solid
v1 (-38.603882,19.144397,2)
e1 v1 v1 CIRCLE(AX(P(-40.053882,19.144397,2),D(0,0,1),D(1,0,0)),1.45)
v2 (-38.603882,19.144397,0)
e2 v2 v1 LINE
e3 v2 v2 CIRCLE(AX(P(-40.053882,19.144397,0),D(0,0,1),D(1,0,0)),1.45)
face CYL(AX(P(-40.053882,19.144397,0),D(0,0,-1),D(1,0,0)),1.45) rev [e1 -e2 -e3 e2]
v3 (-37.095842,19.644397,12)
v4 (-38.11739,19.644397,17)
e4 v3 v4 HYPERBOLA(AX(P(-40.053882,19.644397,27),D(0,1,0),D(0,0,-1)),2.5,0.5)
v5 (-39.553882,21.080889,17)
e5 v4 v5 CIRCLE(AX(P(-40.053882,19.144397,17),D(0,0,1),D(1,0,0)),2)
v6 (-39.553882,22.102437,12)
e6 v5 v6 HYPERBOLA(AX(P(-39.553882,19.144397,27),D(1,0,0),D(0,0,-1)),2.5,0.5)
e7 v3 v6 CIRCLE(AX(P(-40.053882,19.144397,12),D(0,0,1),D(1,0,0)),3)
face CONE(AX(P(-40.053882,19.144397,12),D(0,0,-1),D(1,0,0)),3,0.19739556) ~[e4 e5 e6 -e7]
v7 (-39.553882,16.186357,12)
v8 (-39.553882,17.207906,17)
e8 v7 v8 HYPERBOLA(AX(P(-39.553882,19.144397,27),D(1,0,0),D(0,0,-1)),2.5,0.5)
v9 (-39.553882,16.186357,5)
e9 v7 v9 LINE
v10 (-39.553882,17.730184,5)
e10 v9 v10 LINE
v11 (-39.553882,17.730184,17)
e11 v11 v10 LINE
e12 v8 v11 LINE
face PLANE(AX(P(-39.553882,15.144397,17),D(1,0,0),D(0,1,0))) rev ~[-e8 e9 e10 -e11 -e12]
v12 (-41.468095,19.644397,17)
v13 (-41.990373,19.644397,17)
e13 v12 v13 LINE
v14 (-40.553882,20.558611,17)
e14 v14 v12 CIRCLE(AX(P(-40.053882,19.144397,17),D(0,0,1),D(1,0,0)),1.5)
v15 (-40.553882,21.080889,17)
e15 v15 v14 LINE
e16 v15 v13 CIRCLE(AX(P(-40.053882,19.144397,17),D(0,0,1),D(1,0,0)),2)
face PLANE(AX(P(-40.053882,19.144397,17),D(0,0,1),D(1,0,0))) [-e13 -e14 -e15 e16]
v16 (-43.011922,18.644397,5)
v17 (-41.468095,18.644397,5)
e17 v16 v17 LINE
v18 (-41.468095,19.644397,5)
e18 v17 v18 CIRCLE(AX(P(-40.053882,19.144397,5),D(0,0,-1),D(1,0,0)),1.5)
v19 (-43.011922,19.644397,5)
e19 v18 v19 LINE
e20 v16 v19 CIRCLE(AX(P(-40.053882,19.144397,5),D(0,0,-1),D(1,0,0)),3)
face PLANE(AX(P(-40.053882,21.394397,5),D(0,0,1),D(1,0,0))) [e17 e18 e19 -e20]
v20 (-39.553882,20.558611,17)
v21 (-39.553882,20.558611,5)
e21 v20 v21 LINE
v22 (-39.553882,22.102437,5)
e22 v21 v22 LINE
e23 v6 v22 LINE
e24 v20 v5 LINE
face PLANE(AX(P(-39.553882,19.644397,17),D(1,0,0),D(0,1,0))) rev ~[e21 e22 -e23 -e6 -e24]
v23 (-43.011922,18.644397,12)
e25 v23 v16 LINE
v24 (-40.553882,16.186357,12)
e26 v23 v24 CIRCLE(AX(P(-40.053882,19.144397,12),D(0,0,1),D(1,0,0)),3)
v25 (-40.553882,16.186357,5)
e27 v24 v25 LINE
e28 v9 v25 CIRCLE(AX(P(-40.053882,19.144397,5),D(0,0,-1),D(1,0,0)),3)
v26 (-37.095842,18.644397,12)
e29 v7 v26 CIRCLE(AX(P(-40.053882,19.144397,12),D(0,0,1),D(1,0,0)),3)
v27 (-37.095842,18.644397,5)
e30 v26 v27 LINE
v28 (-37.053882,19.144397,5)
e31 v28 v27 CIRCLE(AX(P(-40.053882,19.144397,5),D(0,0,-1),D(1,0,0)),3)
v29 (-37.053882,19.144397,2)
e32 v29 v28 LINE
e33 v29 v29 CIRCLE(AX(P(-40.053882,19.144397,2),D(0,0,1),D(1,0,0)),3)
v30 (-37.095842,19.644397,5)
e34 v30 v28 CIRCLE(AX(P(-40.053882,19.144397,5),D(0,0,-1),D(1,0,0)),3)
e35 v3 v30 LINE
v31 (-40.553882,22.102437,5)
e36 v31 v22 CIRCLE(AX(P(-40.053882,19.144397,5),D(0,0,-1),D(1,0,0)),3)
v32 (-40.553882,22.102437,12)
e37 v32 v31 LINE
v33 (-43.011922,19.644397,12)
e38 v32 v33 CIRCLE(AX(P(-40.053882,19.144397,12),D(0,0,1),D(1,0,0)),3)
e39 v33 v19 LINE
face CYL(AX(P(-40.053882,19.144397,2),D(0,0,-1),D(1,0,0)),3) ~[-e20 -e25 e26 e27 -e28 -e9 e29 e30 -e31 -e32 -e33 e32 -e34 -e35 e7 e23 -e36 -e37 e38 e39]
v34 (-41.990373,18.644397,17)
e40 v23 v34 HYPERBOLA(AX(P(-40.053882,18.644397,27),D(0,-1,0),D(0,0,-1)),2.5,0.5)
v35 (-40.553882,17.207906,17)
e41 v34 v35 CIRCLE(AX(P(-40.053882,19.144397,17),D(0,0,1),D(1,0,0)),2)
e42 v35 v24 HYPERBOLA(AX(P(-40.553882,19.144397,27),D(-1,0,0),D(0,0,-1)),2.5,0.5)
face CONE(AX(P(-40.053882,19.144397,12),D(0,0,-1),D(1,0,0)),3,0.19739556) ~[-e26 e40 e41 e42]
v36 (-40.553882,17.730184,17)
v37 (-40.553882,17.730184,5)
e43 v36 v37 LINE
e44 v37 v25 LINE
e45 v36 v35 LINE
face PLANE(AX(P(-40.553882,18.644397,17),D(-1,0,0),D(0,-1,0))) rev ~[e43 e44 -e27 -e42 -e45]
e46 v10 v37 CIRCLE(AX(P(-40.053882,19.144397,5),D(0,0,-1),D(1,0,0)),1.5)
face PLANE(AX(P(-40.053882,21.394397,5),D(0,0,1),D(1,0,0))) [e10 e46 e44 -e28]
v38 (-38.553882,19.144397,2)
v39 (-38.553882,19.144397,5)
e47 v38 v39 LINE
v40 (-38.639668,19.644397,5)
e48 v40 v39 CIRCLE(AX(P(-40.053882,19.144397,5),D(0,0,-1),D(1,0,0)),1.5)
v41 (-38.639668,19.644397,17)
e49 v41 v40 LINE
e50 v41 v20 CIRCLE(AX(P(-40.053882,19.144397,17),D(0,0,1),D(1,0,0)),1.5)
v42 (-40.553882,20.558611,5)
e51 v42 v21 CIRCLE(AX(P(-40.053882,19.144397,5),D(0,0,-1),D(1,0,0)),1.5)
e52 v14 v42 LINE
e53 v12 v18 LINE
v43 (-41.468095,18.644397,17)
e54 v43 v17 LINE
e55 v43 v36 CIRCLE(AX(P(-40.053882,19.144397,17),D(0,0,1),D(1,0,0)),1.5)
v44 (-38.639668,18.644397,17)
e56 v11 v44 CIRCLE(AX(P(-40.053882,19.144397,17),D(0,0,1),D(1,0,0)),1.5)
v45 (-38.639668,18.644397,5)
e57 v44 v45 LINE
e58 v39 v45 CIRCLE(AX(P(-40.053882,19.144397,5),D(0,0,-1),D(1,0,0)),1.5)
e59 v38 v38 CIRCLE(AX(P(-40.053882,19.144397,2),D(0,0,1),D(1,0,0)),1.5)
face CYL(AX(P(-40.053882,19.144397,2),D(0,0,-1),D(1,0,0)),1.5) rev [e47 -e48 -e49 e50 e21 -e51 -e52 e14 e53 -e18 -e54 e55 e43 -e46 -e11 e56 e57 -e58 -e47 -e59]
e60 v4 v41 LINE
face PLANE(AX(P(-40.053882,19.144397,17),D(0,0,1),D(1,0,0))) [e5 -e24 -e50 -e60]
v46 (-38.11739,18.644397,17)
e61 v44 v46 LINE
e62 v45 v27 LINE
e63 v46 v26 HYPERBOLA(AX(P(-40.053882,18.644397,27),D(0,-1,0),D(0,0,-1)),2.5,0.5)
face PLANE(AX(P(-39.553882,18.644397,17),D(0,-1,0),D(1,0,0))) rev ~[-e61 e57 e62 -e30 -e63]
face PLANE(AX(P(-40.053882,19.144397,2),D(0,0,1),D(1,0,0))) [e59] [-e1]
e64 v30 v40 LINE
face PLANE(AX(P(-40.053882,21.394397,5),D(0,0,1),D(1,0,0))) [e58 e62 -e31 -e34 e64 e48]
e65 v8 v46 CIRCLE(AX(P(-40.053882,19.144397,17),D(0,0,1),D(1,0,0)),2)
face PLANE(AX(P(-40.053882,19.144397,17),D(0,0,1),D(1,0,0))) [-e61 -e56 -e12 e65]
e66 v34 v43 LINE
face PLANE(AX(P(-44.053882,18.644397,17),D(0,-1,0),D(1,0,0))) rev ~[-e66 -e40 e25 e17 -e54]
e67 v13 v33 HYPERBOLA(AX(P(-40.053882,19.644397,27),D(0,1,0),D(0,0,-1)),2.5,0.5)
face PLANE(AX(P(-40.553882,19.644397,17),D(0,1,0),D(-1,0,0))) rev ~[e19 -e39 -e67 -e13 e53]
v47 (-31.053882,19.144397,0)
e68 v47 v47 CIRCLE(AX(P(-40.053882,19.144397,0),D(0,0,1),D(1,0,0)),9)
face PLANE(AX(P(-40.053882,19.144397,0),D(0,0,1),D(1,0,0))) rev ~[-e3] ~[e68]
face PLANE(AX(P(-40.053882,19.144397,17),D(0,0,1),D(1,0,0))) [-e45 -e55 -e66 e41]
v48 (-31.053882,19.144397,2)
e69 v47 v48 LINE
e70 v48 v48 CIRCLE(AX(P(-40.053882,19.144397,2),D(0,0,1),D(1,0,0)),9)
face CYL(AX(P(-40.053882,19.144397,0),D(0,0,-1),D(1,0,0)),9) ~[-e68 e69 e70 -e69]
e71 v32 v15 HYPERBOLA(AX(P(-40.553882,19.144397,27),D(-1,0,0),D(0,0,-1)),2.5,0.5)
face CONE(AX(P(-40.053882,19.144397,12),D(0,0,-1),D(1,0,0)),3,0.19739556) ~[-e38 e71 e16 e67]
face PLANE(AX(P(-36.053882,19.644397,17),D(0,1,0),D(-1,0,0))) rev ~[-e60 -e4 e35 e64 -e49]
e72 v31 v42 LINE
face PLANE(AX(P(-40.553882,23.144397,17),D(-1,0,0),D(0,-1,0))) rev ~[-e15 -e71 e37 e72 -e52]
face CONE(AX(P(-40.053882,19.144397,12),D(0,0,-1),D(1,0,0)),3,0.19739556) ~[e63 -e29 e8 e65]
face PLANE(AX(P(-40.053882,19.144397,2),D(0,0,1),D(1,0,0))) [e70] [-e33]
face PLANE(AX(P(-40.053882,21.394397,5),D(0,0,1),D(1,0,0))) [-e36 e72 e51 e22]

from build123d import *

# Parameters (mm, degrees)
F0_R     = 9
F0_R_2   = 1.45
F1_DEPTH = 2
F2_R     = 3
F2_R_2   = 1.5
F3_DEPTH = 15
F5_SIZE2 = 5
F5_SIZE  = 1
F6_DEPTH = 12


with BuildPart() as f1:
    # F0 (on Top) → F1 (new body)
    with BuildSketch(Plane.XY):
        with Locations((-40.0538817048, 19.144397229)):
            Circle(F0_R)
        with Locations((-40.0538817048, 19.144397229)):
            Circle(F0_R_2, mode=Mode.SUBTRACT)
    extrude(amount=F1_DEPTH)

    # F2 (on face) → F3 (join)
    with BuildSketch(Plane.XY.offset(2)):
        with Locations((-40.0538817048, 19.144397229)):
            Circle(F2_R)
        with Locations((-40.0538817048, 19.144397229)):
            Circle(F2_R_2, mode=Mode.SUBTRACT)
    extrude(amount=F3_DEPTH)

    # F5
    f5_edges = [f1.edges().sort_by_distance(p)[0] for p in [
        (-43.053882, 19.144397, 17),
    ]]
    f5_side = f1.faces().sort_by_distance((-42.969029, 19.144397, 17))[0]
    chamfer(f5_edges, length=F5_SIZE, length2=F5_SIZE2, reference=f5_side)

    # F4 (on face) → F6 (cut)
    with BuildSketch(Plane.XY.offset(17)):
        Polygon((-40.5538817048, 19.644397229), (-40.0538817048, 19.644397229), (-39.5538817048, 19.644397229), (-39.5538817048, 23.144397229), (-40.0538817048, 23.144397229), (-40.5538817048, 23.144397229), align=None)
        Polygon((-39.5538817048, 19.644397229), (-40.0538817048, 19.644397229), (-40.5538817048, 19.644397229), (-40.5538817048, 19.144397229), (-40.5538817048, 18.644397229), (-40.0538817048, 18.644397229), (-39.5538817048, 18.644397229), (-39.5538817048, 19.144397229), align=None)
        Polygon((-36.0538817048, 19.644397229), (-39.5538817048, 19.644397229), (-39.5538817048, 19.144397229), (-39.5538817048, 18.644397229), (-36.0538817048, 18.644397229), (-36.0538817048, 19.144397229), align=None)
        Polygon((-40.5538817048, 19.144397229), (-40.5538817048, 19.644397229), (-44.0538817048, 19.644397229), (-44.0538817048, 19.144397229), (-44.0538817048, 18.644397229), (-40.5538817048, 18.644397229), align=None)
        Polygon((-39.5538817048, 15.144397229), (-39.5538817048, 18.644397229), (-40.0538817048, 18.644397229), (-40.5538817048, 18.644397229), (-40.5538817048, 15.144397229), (-40.0538817048, 15.144397229), align=None)
    extrude(amount=-F6_DEPTH, mode=Mode.SUBTRACT)


solid = f1.part
